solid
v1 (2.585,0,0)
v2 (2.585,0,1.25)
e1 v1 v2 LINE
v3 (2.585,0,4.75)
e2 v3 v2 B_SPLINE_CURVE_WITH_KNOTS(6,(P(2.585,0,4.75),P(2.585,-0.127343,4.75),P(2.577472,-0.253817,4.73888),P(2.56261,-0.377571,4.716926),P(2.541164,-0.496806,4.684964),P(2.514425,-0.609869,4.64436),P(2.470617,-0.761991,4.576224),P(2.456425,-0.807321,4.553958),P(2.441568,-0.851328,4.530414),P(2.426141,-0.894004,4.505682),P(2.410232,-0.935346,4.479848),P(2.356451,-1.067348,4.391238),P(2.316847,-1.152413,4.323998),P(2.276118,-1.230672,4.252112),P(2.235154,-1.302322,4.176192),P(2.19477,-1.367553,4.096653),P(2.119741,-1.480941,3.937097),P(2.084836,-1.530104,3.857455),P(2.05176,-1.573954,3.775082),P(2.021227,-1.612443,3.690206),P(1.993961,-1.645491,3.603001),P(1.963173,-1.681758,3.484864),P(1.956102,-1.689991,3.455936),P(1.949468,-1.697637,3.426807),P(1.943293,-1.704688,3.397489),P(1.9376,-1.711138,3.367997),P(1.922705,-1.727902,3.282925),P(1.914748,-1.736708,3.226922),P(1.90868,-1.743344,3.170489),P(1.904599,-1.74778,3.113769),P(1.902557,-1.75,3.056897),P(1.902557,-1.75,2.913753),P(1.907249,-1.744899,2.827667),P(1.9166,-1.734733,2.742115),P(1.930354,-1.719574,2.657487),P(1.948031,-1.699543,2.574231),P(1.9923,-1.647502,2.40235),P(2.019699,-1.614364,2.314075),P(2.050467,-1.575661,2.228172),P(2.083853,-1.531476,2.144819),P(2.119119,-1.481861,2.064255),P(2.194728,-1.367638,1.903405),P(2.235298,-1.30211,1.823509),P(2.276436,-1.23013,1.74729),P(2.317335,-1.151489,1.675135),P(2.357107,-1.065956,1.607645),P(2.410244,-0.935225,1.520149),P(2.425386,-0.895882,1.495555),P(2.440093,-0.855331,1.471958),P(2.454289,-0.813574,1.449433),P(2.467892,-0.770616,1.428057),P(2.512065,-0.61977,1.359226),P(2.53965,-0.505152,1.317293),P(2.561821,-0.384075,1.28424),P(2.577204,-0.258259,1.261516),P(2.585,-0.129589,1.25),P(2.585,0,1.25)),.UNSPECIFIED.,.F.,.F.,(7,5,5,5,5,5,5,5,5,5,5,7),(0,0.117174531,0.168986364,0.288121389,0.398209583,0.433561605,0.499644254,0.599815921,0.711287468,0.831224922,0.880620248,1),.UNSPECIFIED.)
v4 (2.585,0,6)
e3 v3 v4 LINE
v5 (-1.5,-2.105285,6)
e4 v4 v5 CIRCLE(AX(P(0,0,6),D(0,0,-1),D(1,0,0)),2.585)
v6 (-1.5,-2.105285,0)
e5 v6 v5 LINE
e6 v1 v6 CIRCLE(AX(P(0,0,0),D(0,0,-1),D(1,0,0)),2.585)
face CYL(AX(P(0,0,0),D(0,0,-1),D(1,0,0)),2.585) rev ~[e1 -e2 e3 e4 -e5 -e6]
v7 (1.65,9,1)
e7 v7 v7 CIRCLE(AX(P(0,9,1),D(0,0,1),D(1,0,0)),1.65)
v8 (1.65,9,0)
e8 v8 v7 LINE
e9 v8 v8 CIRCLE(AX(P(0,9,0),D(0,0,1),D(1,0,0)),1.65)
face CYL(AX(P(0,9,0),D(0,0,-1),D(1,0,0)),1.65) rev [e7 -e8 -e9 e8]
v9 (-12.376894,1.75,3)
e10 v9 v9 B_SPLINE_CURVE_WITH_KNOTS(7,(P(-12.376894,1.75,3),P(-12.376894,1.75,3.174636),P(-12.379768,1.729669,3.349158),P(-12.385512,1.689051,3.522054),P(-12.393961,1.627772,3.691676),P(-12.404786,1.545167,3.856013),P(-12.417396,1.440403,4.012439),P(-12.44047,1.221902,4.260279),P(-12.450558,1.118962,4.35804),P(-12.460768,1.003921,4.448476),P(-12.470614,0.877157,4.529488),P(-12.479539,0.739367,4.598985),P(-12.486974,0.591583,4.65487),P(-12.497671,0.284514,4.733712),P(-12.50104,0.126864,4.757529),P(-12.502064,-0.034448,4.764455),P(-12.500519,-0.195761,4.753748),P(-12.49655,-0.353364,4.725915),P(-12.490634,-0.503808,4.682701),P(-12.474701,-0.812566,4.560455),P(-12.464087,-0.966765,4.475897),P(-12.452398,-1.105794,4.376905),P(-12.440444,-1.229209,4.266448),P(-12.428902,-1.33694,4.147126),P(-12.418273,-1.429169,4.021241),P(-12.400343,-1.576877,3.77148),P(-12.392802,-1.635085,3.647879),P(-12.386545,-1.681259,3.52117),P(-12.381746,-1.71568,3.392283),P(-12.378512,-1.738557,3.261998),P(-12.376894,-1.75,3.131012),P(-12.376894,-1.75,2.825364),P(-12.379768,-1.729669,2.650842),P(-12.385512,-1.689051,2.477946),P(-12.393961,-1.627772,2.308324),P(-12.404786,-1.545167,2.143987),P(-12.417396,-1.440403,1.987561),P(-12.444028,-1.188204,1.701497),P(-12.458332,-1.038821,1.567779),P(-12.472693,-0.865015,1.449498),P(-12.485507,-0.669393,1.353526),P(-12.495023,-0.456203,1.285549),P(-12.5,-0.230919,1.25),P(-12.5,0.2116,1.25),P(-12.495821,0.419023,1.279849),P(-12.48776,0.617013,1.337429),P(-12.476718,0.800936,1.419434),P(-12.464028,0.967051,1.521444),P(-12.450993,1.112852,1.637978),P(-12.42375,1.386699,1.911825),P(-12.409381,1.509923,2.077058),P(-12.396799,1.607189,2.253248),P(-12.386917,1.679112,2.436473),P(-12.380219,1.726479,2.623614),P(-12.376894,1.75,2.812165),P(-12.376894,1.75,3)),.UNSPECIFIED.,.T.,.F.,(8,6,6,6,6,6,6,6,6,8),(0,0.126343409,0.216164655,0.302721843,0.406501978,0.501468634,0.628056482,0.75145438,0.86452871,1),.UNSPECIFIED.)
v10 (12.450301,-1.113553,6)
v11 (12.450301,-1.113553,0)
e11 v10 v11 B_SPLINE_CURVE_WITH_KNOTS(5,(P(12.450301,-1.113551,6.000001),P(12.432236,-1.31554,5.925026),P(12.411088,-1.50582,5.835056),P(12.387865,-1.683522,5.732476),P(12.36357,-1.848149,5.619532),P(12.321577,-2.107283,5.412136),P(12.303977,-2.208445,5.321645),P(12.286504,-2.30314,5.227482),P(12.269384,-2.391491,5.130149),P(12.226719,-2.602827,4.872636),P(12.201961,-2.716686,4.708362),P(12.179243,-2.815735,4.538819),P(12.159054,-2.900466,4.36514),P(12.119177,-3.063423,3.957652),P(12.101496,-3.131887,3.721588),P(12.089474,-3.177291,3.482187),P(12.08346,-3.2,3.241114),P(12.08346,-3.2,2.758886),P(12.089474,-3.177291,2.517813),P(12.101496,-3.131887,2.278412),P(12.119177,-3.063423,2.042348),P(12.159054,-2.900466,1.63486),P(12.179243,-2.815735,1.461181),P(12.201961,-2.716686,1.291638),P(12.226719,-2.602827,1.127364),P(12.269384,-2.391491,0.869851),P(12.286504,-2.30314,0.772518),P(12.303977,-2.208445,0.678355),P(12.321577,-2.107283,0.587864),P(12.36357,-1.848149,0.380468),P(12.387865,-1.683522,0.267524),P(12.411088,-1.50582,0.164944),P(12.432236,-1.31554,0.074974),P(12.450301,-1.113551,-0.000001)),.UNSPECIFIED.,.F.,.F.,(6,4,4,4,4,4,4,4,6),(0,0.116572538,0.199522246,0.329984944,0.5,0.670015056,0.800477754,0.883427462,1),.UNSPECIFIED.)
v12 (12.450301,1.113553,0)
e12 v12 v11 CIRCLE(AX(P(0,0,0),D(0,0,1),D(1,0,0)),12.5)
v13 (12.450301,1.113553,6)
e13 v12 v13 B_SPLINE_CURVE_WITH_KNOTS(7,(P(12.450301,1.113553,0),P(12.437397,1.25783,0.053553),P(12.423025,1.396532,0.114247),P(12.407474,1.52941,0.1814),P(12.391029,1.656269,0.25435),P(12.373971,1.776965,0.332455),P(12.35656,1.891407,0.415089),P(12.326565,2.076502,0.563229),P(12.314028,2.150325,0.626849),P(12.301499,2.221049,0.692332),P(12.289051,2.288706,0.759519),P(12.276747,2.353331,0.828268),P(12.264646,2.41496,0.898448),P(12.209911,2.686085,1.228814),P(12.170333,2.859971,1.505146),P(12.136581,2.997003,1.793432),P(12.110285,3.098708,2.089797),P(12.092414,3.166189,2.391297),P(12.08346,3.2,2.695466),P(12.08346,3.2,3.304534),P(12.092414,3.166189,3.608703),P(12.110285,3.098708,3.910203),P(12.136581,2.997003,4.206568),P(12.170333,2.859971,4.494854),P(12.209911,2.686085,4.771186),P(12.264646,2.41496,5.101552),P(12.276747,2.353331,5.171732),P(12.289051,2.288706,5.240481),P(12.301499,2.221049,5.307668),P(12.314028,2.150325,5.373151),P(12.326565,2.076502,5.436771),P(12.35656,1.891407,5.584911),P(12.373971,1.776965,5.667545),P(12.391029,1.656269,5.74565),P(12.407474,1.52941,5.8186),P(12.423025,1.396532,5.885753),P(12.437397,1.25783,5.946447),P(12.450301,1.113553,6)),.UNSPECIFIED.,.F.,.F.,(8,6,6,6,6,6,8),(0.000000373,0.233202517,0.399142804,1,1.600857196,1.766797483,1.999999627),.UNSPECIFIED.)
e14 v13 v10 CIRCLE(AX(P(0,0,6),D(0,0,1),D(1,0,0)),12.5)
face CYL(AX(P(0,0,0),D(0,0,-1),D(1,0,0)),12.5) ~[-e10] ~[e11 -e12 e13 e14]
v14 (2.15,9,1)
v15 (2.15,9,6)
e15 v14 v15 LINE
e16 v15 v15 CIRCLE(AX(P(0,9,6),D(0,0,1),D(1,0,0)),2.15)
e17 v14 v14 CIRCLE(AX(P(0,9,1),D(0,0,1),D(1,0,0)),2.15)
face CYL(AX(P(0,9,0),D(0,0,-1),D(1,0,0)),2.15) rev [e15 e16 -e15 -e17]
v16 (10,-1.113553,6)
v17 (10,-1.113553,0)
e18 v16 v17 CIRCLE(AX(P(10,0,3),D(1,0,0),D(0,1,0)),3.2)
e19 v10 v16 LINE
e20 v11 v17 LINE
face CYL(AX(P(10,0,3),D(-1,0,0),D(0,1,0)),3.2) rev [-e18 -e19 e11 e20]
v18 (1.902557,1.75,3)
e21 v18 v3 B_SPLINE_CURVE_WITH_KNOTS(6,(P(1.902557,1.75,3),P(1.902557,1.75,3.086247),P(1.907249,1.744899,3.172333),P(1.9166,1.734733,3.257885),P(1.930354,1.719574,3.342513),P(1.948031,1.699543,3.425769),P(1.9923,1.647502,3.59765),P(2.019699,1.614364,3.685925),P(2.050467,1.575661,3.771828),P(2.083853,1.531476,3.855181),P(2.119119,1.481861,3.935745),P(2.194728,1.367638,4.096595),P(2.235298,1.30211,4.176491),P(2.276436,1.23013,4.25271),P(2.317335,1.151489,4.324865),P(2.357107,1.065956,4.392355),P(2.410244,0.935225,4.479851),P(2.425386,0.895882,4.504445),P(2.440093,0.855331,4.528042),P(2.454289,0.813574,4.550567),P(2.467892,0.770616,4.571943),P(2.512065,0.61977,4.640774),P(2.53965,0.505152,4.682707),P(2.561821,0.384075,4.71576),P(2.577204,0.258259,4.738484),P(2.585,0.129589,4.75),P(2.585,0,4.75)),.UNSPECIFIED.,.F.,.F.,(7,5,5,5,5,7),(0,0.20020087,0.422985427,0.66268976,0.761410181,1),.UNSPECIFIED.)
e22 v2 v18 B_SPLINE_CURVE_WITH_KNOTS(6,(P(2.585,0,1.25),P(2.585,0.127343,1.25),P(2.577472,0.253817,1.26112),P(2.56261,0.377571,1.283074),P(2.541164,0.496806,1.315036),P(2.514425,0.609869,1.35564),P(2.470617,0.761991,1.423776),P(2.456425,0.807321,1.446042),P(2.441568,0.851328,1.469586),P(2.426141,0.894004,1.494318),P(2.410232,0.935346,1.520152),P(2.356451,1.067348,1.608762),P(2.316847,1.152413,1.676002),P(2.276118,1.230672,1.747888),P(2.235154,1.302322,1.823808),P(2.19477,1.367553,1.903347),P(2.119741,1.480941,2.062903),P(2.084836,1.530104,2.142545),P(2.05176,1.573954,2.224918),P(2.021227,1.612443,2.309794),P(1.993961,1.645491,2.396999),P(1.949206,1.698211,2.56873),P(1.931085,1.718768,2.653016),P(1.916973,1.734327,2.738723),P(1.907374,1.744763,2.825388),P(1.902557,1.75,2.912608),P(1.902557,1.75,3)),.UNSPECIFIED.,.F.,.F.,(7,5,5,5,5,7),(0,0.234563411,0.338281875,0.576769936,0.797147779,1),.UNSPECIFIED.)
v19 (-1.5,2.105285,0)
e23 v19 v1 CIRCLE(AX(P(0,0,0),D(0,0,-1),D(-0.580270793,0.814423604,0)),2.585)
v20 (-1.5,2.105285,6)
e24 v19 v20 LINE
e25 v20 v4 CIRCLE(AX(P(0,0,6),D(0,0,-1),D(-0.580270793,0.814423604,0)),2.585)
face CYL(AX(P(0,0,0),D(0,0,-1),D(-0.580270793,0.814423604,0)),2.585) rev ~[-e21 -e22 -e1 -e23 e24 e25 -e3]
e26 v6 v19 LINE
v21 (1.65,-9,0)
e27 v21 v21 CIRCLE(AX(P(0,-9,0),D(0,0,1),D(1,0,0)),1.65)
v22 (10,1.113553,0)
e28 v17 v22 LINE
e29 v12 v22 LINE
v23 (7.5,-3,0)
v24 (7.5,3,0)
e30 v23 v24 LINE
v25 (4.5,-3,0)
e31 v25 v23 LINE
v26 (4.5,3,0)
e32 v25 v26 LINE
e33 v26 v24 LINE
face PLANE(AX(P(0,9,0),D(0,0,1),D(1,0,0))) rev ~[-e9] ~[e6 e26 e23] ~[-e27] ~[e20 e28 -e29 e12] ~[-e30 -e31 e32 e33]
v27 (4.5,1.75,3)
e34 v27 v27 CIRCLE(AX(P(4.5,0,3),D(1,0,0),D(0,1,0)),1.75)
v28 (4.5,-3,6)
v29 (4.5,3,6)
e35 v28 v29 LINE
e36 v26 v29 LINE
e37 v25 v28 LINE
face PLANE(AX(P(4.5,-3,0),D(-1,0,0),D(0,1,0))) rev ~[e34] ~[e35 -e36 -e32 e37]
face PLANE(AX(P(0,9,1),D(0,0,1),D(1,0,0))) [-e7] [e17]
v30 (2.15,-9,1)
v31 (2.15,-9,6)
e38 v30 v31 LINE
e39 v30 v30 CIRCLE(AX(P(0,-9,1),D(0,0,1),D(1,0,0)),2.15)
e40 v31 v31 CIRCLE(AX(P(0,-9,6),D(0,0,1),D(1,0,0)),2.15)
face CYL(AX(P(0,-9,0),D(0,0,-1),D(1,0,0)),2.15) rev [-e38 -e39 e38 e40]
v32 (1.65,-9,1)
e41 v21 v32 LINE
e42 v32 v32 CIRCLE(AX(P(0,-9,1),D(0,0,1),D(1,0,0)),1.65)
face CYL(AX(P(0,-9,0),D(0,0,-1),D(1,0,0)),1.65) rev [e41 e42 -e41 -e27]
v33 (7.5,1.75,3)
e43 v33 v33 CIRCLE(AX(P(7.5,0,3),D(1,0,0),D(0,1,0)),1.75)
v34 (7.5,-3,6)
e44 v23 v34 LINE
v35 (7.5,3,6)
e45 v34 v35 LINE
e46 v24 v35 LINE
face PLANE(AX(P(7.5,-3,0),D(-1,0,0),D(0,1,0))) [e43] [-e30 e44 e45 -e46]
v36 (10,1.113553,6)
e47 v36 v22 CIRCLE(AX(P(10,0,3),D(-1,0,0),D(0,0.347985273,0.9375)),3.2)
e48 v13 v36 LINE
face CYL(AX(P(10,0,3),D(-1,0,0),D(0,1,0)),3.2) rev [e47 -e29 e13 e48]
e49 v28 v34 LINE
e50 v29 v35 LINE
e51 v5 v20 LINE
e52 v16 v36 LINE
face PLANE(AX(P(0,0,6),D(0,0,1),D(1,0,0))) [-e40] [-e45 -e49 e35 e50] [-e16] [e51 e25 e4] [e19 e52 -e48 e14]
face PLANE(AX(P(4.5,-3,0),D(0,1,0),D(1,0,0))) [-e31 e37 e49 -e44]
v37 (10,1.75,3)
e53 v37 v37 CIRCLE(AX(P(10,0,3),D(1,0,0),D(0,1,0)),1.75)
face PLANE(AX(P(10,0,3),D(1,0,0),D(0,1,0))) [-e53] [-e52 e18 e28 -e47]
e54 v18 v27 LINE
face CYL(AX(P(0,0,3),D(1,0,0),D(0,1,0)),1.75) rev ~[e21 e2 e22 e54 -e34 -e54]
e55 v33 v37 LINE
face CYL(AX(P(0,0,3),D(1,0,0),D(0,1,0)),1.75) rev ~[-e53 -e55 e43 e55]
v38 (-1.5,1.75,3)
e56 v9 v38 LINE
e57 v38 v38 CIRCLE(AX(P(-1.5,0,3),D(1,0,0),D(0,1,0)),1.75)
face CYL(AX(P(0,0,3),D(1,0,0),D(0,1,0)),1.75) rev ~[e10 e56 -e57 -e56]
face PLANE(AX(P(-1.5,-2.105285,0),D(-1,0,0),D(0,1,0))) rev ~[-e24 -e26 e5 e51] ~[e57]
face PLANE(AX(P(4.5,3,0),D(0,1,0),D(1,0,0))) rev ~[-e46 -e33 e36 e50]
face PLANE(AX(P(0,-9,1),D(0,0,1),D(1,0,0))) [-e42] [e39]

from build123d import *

# Parameters (mm, degrees)
F0_R     = 12.5
F0_R_2   = 2.15
F0_W     = 3
F0_H     = 6
F1_DEPTH = 6
F0_R_3   = 1.65
F2_DEPTH = 1
F3_R     = 1.75
F4_DEPTH = 12.5
F5_START = 10
F3_R_2   = 3.2
F5_DEPTH = 15


with BuildPart() as f1:
    # F0 (on Top) → F1 (new body)
    with BuildSketch(Plane.XY):
        Circle(F0_R)
        with Locations((0, -9)):
            Circle(F0_R_2, mode=Mode.SUBTRACT)
        with BuildLine():
            ThreePointArc((-1.5, 2.1052850163), (1.1842138743, 2.2977951388), (2.585, 0))
            ThreePointArc((2.585, 0), (1.1842138743, -2.2977951388), (-1.5, -2.1052850163))
            ThreePointArc((-1.5, -2.1052850163), (-2.585, 0), (-1.5, 2.1052850163))
        make_face(mode=Mode.SUBTRACT)
        with Locations((6, 0)):
            Rectangle(F0_W, F0_H, mode=Mode.SUBTRACT)
        with Locations((0, 9)):
            Circle(F0_R_2, mode=Mode.SUBTRACT)
        with BuildLine():
            Line((-1.5, -2.1052850163), (-1.5, 2.1052850163))
            ThreePointArc((-1.5, 2.1052850163), (-2.585, 0), (-1.5, -2.1052850163))
        make_face()
    extrude(amount=F1_DEPTH)

    # F0 (on Top) → F2 (join)
    with BuildSketch(Plane.XY):
        with Locations((0, 9)):
            Circle(F0_R_2)
        with Locations((0, 9)):
            Circle(F0_R_3, mode=Mode.SUBTRACT)
        with Locations((0, -9)):
            Circle(F0_R_2)
        with Locations((0, -9)):
            Circle(F0_R_3, mode=Mode.SUBTRACT)
    extrude(amount=F2_DEPTH)

    # F3 (on Right) → F4 (cut, symmetric)
    with BuildSketch(Plane.YZ):
        with Locations((0, 3)):
            Circle(F3_R)
    extrude(amount=F4_DEPTH, both=True, mode=Mode.SUBTRACT)

    # F3 (on Right) → F5 (cut)
    with BuildSketch(Plane.YZ.offset(F5_START)):
        with Locations((0, 3)):
            Circle(F3_R_2)
        with Locations((0, 3)):
            Circle(F3_R, mode=Mode.SUBTRACT)
    extrude(amount=F5_DEPTH, mode=Mode.SUBTRACT)


solid = f1.part
